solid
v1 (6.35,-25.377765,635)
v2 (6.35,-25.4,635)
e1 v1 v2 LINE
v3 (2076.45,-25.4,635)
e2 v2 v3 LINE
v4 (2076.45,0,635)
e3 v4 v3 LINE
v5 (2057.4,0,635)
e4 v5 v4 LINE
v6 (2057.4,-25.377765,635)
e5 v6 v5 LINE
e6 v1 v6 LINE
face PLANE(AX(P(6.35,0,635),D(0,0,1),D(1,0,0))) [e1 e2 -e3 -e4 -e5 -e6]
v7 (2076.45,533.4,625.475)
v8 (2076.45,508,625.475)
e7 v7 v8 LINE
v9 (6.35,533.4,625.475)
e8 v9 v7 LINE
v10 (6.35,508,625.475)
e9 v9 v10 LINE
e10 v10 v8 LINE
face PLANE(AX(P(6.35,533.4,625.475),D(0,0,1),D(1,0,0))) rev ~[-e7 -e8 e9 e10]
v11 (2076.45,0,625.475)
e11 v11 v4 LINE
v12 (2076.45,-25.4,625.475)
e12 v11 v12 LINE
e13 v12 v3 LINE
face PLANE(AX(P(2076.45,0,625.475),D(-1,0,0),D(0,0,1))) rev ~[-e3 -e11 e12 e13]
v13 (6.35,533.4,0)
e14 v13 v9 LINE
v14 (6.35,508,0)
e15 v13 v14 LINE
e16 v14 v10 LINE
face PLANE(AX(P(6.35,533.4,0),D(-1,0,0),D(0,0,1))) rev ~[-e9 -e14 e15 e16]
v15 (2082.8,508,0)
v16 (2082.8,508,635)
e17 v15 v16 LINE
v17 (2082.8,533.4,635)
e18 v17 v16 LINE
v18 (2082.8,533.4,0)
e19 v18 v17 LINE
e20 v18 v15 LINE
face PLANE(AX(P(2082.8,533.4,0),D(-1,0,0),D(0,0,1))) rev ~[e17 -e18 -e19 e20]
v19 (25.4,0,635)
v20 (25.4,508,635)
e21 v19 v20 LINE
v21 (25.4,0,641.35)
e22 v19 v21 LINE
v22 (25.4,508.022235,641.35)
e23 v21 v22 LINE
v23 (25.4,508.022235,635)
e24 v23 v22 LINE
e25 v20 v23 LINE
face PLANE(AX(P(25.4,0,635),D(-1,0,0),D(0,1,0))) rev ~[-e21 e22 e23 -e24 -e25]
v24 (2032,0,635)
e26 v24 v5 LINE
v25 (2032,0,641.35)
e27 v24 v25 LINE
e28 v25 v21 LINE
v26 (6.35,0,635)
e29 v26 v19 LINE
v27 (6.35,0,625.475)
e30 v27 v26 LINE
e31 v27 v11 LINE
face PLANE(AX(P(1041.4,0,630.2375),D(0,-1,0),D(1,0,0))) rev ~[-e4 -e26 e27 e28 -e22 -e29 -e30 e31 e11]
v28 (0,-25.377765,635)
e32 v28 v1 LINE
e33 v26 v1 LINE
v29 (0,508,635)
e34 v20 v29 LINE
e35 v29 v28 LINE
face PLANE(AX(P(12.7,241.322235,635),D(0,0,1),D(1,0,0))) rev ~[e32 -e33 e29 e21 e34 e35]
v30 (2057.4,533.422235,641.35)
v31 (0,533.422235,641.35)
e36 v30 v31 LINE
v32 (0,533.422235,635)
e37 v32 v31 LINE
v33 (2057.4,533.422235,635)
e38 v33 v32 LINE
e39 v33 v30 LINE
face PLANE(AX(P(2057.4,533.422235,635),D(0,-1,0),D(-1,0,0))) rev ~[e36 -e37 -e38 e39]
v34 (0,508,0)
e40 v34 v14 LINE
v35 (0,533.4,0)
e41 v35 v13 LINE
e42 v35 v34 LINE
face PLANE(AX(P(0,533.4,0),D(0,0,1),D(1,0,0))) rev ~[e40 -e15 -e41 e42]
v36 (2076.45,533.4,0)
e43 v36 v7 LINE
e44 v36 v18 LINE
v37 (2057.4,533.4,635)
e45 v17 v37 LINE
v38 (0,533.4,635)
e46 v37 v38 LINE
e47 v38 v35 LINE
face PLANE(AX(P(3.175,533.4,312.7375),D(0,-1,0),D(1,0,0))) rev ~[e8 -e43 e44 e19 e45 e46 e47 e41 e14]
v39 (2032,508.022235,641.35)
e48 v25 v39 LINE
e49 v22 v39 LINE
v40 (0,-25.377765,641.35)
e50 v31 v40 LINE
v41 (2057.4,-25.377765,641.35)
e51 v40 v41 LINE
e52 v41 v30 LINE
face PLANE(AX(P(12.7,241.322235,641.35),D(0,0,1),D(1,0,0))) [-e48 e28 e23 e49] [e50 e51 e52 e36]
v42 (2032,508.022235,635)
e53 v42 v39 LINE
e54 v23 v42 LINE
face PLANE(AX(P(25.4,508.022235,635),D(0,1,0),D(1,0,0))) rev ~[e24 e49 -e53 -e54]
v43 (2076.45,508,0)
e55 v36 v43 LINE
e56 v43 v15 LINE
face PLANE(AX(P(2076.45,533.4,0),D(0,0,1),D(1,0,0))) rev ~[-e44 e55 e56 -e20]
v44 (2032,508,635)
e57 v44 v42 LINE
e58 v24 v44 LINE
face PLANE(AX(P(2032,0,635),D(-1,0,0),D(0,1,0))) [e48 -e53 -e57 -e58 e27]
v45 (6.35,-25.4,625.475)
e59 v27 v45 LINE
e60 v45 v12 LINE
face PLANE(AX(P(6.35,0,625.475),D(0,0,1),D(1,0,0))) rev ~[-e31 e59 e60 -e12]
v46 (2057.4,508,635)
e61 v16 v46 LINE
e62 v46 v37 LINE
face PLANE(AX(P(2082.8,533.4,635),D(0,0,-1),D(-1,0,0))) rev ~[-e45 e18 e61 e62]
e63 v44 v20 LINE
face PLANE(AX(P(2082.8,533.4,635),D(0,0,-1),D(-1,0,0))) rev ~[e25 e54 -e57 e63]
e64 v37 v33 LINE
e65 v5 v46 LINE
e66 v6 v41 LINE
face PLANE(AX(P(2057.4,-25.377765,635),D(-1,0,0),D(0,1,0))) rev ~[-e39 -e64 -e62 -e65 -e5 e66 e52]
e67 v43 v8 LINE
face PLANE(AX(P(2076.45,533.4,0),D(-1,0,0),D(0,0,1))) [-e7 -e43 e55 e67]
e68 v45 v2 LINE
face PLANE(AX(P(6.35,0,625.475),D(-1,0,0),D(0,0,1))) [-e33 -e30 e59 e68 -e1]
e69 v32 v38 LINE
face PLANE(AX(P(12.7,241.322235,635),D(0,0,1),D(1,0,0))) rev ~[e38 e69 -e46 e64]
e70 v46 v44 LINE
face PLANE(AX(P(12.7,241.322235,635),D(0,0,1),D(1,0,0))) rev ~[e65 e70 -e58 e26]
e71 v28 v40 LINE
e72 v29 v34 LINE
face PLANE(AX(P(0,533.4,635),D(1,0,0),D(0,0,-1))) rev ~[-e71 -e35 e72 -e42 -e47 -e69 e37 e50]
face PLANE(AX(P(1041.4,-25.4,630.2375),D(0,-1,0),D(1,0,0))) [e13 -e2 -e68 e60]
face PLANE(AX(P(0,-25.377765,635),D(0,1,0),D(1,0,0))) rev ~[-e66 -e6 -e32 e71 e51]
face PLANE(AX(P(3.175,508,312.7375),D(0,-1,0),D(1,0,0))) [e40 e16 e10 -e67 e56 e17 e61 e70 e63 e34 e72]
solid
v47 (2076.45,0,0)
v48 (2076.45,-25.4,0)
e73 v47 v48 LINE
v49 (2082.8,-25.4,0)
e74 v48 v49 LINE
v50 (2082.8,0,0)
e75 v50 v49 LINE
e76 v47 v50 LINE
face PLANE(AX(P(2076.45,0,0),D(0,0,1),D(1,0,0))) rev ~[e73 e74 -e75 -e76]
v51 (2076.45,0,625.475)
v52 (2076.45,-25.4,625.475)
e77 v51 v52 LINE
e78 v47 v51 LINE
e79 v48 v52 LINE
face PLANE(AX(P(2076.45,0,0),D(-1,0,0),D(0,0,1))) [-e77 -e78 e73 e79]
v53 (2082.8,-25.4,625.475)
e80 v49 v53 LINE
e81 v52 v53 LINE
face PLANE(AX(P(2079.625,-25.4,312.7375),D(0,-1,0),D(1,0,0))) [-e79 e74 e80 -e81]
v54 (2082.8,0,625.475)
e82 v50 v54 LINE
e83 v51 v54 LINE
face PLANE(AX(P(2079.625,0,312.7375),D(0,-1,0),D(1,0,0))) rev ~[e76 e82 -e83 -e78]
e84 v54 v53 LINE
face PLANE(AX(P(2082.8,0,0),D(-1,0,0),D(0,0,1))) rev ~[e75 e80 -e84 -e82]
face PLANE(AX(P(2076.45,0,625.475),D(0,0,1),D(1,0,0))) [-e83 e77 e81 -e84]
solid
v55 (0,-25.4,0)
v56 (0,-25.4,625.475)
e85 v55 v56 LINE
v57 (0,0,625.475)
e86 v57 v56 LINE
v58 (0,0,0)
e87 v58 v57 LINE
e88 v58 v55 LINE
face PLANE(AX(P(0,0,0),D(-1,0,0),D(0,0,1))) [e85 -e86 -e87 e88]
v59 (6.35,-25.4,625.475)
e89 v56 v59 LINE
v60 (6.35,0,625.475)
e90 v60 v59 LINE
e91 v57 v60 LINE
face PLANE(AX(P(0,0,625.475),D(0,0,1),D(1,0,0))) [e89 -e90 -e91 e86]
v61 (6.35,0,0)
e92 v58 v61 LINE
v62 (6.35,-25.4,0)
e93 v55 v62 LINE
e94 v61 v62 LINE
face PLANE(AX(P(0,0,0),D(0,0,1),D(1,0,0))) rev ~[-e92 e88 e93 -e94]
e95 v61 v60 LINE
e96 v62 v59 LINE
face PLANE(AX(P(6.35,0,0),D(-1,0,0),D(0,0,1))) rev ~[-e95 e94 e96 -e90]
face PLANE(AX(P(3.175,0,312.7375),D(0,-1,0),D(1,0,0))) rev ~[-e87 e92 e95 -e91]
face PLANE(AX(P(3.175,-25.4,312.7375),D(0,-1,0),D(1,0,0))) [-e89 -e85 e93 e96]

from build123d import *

# Parameters (mm, degrees)
F0_W     = 2070.1
F0_H     = 9.525
F1_DEPTH = 25.4
F0_W_2   = 6.35
F0_H_2   = 625.475
F3_W     = 2006.6
F3_H     = 25.3777652979
F3_W_2   = 25.4
F3_H_2   = 25.4
F3_H_3   = 508.0222347021
F4_DEPTH = 6.35
F6_W     = 6.35
F6_H     = 625.475
F6_H_2   = 9.525
F6_W_2   = 2070.1
F7_DEPTH = 25.4


with BuildPart() as f1:
    # F0 (on Front) → F1 (new body)
    with BuildSketch(Plane.XZ):
        with Locations((1041.4, 630.2375)):
            Rectangle(F0_W, F0_H)
    extrude(amount=F1_DEPTH)

    # F3 (on offset) → F4 (join)
    with BuildSketch(Plane.XY.offset(635)):
        Polygon((0, 508.0222347021), (0, -25.3777652979), (25.4, -25.3777652979), (25.4, 0), (25.4, 508.0222347021), align=None)
        with Locations((1028.7, -12.6888826489)):
            Rectangle(F3_W, F3_H)
        with Locations((12.7, 520.7222347021)):
            Rectangle(F3_W_2, F3_H_2)
        with Locations((2044.7, -12.6888826489)):
            Rectangle(F3_W_2, F3_H)
        with Locations((1028.7, 520.7222347021)):
            Rectangle(F3_W, F3_H_2)
        with Locations((2044.7, 254.0111173511)):
            Rectangle(F3_W_2, F3_H_3)
        with Locations((2044.7, 520.7222347021)):
            Rectangle(F3_W_2, F3_H_2)
    extrude(amount=F4_DEPTH)

    # F6 (on offset) → F7 (join)
    with BuildSketch(Plane.XZ.offset(-533.4)):
        with Locations((3.175, 312.7375)):
            Rectangle(F6_W, F6_H)
        with Locations((3.175, 630.2375)):
            Rectangle(F6_W, F6_H_2)
        with Locations((1041.4, 630.2375)):
            Rectangle(F6_W_2, F6_H_2)
        with Locations((2079.625, 630.2375)):
            Rectangle(F6_W, F6_H_2)
        with Locations((2079.625, 312.7375)):
            Rectangle(F6_W, F6_H)
    extrude(amount=F7_DEPTH)


with BuildPart() as f1b:
    # F0 (on Front) → F1, piece 2 (new body)
    with BuildSketch(Plane.XZ):
        with Locations((3.175, 312.7375)):
            Rectangle(F0_W_2, F0_H_2)
    extrude(amount=F1_DEPTH)


with BuildPart() as f1c:
    # F0 (on Front) → F1, piece 3 (new body)
    with BuildSketch(Plane.XZ):
        with Locations((2079.625, 312.7375)):
            Rectangle(F0_W_2, F0_H_2)
    extrude(amount=F1_DEPTH)


solid = Compound([f1.part, f1b.part, f1c.part])
